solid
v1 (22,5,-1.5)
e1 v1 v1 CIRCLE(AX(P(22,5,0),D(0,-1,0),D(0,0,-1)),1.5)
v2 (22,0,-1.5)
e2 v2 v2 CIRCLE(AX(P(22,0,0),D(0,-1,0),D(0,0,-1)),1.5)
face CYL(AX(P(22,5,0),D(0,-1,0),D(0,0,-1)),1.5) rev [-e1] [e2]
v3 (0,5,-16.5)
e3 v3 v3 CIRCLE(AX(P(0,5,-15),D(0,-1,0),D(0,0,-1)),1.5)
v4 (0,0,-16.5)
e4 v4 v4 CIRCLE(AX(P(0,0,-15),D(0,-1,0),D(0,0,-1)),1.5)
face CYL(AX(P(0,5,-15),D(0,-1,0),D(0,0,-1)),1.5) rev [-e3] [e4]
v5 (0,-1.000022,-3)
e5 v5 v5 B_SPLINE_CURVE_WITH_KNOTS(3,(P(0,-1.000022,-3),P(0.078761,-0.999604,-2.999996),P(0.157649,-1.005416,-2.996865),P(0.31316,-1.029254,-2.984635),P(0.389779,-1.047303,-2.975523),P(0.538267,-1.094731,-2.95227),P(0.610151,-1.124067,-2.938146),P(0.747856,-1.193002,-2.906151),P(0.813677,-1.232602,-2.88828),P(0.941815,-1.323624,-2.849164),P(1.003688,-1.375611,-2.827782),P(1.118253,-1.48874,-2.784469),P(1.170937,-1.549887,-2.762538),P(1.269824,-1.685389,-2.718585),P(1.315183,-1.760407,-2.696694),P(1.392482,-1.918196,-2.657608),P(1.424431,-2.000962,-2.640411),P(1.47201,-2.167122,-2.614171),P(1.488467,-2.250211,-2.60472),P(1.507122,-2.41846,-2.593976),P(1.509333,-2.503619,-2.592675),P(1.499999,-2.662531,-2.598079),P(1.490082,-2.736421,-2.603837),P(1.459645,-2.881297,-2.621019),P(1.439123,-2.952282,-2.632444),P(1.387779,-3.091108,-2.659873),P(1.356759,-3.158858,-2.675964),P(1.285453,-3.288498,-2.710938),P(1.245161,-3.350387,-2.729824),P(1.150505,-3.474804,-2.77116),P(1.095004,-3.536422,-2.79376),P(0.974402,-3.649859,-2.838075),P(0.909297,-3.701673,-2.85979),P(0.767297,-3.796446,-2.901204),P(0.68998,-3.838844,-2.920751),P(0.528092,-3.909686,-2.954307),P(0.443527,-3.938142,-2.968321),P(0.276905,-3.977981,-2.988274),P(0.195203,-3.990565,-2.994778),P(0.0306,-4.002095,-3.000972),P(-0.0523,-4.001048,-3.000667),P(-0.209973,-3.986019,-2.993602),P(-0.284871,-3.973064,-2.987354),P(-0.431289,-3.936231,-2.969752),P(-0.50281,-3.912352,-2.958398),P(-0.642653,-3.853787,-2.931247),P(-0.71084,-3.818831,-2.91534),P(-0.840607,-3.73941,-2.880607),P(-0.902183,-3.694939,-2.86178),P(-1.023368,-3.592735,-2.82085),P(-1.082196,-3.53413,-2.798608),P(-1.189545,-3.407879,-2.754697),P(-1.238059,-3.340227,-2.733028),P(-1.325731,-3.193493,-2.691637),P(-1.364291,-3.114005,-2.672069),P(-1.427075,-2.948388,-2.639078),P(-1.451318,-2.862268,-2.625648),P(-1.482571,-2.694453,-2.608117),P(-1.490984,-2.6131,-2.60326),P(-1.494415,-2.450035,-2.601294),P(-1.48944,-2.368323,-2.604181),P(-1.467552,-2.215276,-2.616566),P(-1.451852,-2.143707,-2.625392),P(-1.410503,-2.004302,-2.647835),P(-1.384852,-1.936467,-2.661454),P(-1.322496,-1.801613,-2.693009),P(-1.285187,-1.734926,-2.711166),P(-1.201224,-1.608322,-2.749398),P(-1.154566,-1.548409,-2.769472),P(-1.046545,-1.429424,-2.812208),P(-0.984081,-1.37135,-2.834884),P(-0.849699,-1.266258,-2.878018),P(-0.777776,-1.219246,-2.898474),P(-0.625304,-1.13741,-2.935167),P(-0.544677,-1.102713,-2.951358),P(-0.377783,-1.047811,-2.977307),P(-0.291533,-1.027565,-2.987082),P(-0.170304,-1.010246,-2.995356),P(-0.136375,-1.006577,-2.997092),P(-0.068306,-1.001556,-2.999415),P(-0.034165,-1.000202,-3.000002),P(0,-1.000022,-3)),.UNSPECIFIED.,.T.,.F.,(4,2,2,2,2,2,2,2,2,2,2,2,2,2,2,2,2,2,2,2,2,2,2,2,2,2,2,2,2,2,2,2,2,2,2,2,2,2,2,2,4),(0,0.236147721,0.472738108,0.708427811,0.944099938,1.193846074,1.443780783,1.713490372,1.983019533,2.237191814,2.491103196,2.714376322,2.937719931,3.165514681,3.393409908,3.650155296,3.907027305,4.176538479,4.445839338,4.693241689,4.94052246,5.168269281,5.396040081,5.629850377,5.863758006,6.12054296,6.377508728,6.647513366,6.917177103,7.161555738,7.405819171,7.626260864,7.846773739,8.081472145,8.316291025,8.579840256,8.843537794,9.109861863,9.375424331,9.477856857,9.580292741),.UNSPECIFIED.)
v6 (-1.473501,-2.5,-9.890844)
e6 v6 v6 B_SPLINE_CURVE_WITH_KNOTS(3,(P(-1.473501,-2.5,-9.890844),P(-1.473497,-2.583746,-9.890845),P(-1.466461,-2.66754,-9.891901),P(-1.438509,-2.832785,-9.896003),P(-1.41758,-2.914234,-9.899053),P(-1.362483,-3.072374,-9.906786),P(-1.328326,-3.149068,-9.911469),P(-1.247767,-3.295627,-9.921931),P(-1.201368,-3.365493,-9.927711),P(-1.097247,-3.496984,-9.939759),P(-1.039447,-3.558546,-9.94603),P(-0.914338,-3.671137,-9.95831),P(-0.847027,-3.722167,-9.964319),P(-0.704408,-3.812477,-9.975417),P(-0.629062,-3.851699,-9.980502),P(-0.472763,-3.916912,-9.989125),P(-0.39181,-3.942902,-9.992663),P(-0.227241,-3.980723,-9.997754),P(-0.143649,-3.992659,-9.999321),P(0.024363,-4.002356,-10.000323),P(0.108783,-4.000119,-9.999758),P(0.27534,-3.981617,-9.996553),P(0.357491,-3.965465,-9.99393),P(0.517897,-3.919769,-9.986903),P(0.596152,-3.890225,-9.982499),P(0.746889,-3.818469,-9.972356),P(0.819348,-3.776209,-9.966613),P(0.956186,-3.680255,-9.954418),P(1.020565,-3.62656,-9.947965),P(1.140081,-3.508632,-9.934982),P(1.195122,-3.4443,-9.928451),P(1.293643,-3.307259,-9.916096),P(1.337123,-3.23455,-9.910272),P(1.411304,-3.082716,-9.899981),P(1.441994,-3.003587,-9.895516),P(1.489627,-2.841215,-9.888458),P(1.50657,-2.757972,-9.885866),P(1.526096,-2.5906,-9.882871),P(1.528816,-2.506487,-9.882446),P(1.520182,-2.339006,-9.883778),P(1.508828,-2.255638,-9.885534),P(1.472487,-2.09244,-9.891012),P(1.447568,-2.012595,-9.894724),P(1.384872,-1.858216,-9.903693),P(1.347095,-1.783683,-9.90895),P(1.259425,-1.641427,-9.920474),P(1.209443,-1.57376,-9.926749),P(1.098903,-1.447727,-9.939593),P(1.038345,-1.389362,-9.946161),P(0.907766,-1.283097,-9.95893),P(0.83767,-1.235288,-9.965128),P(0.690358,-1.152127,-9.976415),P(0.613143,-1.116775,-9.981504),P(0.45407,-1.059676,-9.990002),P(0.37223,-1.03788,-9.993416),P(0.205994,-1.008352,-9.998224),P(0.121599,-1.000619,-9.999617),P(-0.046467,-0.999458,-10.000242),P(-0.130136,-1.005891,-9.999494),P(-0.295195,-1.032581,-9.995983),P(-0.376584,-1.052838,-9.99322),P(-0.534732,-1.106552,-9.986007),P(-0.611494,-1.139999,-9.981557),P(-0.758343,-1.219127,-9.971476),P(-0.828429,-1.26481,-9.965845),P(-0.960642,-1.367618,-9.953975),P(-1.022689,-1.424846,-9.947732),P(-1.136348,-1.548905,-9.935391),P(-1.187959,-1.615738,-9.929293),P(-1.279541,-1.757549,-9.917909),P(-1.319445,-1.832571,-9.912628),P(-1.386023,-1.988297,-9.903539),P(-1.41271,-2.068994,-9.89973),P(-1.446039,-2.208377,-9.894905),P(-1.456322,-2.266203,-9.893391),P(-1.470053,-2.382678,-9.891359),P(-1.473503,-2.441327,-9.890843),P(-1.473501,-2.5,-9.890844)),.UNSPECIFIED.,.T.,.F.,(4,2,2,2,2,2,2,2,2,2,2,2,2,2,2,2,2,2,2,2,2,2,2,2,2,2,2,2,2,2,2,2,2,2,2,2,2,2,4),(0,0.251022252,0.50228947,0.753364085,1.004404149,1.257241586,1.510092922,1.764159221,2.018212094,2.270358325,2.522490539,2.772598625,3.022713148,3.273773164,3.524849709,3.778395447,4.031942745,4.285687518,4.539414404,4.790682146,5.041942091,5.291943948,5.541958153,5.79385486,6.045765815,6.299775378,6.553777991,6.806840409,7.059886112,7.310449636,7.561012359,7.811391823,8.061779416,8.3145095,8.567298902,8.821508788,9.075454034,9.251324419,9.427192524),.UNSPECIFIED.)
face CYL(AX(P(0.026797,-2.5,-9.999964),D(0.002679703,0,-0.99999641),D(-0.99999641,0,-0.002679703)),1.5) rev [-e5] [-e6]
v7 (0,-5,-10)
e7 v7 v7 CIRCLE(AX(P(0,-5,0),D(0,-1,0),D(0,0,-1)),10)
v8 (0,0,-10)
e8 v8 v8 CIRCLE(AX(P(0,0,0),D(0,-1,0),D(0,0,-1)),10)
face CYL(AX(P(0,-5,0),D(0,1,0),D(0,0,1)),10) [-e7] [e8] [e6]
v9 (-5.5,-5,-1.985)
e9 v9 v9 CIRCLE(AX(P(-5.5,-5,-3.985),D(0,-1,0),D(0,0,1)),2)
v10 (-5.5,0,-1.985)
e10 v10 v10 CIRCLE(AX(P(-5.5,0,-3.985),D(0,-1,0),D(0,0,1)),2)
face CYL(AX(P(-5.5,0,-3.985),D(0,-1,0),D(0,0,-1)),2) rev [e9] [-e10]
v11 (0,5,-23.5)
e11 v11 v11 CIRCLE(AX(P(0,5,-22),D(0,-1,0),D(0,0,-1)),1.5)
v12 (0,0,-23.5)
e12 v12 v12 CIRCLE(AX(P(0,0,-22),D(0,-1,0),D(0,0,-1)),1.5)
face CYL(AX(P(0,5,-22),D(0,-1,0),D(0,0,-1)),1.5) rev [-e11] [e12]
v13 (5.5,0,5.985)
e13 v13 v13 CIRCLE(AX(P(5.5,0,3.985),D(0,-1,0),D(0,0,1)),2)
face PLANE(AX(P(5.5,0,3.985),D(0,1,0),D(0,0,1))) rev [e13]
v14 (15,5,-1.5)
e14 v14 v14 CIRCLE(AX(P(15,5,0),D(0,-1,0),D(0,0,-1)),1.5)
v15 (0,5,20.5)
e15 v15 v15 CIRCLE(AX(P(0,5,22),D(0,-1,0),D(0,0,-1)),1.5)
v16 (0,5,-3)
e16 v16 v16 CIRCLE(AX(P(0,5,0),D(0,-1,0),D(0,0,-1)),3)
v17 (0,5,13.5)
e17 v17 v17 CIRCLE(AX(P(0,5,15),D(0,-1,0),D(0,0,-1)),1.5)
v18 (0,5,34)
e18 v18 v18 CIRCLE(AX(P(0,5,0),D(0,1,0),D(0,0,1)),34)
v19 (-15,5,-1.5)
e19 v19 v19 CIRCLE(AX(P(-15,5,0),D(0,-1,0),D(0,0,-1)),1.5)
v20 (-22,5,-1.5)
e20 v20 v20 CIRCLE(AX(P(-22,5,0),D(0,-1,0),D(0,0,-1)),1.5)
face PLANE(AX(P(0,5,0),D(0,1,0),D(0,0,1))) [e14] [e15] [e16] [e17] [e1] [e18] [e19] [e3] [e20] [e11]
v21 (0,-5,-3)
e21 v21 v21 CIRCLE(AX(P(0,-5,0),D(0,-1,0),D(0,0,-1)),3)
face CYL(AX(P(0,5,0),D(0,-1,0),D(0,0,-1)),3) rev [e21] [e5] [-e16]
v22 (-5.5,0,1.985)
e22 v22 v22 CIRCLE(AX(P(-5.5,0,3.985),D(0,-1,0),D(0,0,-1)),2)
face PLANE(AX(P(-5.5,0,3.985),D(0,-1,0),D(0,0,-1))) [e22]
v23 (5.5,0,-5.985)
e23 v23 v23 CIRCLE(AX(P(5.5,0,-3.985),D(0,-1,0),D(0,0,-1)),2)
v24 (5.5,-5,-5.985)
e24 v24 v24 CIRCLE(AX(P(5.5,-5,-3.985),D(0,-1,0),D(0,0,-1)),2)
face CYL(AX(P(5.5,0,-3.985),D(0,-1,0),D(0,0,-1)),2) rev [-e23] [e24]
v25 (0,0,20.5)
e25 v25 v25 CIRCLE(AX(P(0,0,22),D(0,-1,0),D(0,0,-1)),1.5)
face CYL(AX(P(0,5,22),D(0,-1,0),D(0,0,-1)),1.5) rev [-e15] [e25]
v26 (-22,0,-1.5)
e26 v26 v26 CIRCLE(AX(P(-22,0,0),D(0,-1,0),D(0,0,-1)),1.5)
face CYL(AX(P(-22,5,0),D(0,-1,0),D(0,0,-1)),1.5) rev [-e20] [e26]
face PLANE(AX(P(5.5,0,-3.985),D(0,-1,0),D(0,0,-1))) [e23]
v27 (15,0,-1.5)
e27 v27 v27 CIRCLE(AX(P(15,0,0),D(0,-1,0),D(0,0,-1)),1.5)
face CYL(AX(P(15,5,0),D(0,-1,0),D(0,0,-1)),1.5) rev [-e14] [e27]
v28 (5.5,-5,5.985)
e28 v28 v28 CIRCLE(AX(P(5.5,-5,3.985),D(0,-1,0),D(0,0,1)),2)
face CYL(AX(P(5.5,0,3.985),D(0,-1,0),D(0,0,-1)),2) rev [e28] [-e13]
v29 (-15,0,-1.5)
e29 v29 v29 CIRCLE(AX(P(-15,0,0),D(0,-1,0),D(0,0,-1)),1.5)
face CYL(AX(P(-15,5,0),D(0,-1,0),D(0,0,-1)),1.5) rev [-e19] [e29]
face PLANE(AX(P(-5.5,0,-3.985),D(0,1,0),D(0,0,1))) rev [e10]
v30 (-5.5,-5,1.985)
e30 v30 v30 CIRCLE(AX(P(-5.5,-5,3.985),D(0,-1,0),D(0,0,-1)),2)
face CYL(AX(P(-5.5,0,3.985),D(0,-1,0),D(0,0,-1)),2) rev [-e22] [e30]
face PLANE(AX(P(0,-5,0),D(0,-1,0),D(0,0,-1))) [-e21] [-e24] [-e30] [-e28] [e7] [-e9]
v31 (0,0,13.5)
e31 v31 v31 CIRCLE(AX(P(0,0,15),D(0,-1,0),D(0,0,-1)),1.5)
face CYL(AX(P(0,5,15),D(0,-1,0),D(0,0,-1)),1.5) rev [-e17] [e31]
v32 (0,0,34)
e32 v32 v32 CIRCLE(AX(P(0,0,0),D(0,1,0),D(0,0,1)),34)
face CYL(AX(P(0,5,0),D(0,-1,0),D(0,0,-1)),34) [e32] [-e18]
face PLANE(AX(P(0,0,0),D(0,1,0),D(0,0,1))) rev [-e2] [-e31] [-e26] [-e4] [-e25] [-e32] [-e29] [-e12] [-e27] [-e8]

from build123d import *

# Parameters (mm, degrees)
SKETCH2_R                    = 34
BOSS_EXTRUDE1_DEPTH          = 5
SKETCH3_R                    = 1.5
CUT_EXTRUDE1_DEPTH           = 5
SKETCH5_R                    = 1.5
CUT_EXTRUDE2_DEPTH           = 5
SKETCH6_R                    = 10
BOSS_EXTRUDE2_DEPTH          = 5
SKETCH7_R                    = 2
CUT_EXTRUDE3_DEPTH           = 5
SKETCH8_R                    = 3
CUT_EXTRUDE4_DEPTH           = 10
F_3_0_3_DIAMETER_HOLE1_D     = 3
F_3_0_3_DIAMETER_HOLE1_DEPTH = 7.84
F_3_0_3_DIAMETER_HOLE1_TIP   = 0.901290929


with BuildPart() as part:
    # Sketch2 → Boss-Extrude1 (new body)
    with BuildSketch(Plane(origin=(0, 0, 0), x_dir=(1, 0, 0), z_dir=(0, 1, 0))):
        with Locations(Location((0, 0, 0), (0, 0, 270))):
            Circle(SKETCH2_R)
    extrude(amount=BOSS_EXTRUDE1_DEPTH)

    # Sketch3 → Cut-Extrude1 (cut)
    with BuildSketch(Plane.XZ):
        with Locations(Location((0, 22, 0), (0, 0, 270))):
            Circle(SKETCH3_R)
        with Locations(Location((22, 0, 0), (0, 0, 270))):
            Circle(SKETCH3_R)
        with Locations(Location((0, -22, 0), (0, 0, 270))):
            Circle(SKETCH3_R)
        with Locations(Location((-22, 0, 0), (0, 0, 270))):
            Circle(SKETCH3_R)
    extrude(amount=-CUT_EXTRUDE1_DEPTH, mode=Mode.SUBTRACT)

    # Sketch5 → Cut-Extrude2 (cut)
    with BuildSketch(Plane.XZ):
        with Locations(Location((0, 15, 0), (0, 0, 270))):
            Circle(SKETCH5_R)
        with Locations(Location((15, 0, 0), (0, 0, 270))):
            Circle(SKETCH5_R)
        with Locations(Location((0, -15, 0), (0, 0, 270))):
            Circle(SKETCH5_R)
        with Locations(Location((-15, 0, 0), (0, 0, 270))):
            Circle(SKETCH5_R)
    extrude(amount=-CUT_EXTRUDE2_DEPTH, mode=Mode.SUBTRACT)

    # Sketch6 → Boss-Extrude2 (add)
    with BuildSketch(Plane.XZ):
        with Locations(Location((0, 0, 0), (0, 0, 270))):
            Circle(SKETCH6_R)
    extrude(amount=BOSS_EXTRUDE2_DEPTH)

    # Sketch7 → Cut-Extrude3 (cut)
    with BuildSketch(Plane(origin=(0, -5, 0), x_dir=(-1, 0, 0), z_dir=(0, -1, 0))):
        with Locations(Location((5.5, -3.985, 0), (0, 0, 90))):
            Circle(SKETCH7_R)
        with Locations(Location((-5.5, -3.985, 0), (0, 0, 270))):
            Circle(SKETCH7_R)
        with Locations(Location((-5.5, 3.985, 0), (0, 0, 90))):
            Circle(SKETCH7_R)
        with Locations(Location((5.5, 3.985, 0), (0, 0, 270))):
            Circle(SKETCH7_R)
    extrude(amount=-CUT_EXTRUDE3_DEPTH, mode=Mode.SUBTRACT)

    # Sketch8 → Cut-Extrude4 (cut)
    with BuildSketch(Plane.XZ.offset(5)):
        with Locations(Location((0, 0, 0), (0, 0, 270))):
            Circle(SKETCH8_R)
    extrude(amount=-CUT_EXTRUDE4_DEPTH, mode=Mode.SUBTRACT)

    # Ø3.0 (3) Diameter Hole1
    with Locations(Plane(origin=(0.026797027, -2.5, -9.999964096), x_dir=(-0.99999640959, 0, -0.002679702708), z_dir=(0.002679702708, 0, -0.99999640959))):
        with Locations((0, 0)):
            Hole(F_3_0_3_DIAMETER_HOLE1_D / 2, depth=F_3_0_3_DIAMETER_HOLE1_DEPTH)
            with Locations((0, 0, -(F_3_0_3_DIAMETER_HOLE1_DEPTH + F_3_0_3_DIAMETER_HOLE1_TIP / 2))):  # 118° drill point
                Cone(0, F_3_0_3_DIAMETER_HOLE1_D / 2, F_3_0_3_DIAMETER_HOLE1_TIP, mode=Mode.SUBTRACT)


solid = part.part
